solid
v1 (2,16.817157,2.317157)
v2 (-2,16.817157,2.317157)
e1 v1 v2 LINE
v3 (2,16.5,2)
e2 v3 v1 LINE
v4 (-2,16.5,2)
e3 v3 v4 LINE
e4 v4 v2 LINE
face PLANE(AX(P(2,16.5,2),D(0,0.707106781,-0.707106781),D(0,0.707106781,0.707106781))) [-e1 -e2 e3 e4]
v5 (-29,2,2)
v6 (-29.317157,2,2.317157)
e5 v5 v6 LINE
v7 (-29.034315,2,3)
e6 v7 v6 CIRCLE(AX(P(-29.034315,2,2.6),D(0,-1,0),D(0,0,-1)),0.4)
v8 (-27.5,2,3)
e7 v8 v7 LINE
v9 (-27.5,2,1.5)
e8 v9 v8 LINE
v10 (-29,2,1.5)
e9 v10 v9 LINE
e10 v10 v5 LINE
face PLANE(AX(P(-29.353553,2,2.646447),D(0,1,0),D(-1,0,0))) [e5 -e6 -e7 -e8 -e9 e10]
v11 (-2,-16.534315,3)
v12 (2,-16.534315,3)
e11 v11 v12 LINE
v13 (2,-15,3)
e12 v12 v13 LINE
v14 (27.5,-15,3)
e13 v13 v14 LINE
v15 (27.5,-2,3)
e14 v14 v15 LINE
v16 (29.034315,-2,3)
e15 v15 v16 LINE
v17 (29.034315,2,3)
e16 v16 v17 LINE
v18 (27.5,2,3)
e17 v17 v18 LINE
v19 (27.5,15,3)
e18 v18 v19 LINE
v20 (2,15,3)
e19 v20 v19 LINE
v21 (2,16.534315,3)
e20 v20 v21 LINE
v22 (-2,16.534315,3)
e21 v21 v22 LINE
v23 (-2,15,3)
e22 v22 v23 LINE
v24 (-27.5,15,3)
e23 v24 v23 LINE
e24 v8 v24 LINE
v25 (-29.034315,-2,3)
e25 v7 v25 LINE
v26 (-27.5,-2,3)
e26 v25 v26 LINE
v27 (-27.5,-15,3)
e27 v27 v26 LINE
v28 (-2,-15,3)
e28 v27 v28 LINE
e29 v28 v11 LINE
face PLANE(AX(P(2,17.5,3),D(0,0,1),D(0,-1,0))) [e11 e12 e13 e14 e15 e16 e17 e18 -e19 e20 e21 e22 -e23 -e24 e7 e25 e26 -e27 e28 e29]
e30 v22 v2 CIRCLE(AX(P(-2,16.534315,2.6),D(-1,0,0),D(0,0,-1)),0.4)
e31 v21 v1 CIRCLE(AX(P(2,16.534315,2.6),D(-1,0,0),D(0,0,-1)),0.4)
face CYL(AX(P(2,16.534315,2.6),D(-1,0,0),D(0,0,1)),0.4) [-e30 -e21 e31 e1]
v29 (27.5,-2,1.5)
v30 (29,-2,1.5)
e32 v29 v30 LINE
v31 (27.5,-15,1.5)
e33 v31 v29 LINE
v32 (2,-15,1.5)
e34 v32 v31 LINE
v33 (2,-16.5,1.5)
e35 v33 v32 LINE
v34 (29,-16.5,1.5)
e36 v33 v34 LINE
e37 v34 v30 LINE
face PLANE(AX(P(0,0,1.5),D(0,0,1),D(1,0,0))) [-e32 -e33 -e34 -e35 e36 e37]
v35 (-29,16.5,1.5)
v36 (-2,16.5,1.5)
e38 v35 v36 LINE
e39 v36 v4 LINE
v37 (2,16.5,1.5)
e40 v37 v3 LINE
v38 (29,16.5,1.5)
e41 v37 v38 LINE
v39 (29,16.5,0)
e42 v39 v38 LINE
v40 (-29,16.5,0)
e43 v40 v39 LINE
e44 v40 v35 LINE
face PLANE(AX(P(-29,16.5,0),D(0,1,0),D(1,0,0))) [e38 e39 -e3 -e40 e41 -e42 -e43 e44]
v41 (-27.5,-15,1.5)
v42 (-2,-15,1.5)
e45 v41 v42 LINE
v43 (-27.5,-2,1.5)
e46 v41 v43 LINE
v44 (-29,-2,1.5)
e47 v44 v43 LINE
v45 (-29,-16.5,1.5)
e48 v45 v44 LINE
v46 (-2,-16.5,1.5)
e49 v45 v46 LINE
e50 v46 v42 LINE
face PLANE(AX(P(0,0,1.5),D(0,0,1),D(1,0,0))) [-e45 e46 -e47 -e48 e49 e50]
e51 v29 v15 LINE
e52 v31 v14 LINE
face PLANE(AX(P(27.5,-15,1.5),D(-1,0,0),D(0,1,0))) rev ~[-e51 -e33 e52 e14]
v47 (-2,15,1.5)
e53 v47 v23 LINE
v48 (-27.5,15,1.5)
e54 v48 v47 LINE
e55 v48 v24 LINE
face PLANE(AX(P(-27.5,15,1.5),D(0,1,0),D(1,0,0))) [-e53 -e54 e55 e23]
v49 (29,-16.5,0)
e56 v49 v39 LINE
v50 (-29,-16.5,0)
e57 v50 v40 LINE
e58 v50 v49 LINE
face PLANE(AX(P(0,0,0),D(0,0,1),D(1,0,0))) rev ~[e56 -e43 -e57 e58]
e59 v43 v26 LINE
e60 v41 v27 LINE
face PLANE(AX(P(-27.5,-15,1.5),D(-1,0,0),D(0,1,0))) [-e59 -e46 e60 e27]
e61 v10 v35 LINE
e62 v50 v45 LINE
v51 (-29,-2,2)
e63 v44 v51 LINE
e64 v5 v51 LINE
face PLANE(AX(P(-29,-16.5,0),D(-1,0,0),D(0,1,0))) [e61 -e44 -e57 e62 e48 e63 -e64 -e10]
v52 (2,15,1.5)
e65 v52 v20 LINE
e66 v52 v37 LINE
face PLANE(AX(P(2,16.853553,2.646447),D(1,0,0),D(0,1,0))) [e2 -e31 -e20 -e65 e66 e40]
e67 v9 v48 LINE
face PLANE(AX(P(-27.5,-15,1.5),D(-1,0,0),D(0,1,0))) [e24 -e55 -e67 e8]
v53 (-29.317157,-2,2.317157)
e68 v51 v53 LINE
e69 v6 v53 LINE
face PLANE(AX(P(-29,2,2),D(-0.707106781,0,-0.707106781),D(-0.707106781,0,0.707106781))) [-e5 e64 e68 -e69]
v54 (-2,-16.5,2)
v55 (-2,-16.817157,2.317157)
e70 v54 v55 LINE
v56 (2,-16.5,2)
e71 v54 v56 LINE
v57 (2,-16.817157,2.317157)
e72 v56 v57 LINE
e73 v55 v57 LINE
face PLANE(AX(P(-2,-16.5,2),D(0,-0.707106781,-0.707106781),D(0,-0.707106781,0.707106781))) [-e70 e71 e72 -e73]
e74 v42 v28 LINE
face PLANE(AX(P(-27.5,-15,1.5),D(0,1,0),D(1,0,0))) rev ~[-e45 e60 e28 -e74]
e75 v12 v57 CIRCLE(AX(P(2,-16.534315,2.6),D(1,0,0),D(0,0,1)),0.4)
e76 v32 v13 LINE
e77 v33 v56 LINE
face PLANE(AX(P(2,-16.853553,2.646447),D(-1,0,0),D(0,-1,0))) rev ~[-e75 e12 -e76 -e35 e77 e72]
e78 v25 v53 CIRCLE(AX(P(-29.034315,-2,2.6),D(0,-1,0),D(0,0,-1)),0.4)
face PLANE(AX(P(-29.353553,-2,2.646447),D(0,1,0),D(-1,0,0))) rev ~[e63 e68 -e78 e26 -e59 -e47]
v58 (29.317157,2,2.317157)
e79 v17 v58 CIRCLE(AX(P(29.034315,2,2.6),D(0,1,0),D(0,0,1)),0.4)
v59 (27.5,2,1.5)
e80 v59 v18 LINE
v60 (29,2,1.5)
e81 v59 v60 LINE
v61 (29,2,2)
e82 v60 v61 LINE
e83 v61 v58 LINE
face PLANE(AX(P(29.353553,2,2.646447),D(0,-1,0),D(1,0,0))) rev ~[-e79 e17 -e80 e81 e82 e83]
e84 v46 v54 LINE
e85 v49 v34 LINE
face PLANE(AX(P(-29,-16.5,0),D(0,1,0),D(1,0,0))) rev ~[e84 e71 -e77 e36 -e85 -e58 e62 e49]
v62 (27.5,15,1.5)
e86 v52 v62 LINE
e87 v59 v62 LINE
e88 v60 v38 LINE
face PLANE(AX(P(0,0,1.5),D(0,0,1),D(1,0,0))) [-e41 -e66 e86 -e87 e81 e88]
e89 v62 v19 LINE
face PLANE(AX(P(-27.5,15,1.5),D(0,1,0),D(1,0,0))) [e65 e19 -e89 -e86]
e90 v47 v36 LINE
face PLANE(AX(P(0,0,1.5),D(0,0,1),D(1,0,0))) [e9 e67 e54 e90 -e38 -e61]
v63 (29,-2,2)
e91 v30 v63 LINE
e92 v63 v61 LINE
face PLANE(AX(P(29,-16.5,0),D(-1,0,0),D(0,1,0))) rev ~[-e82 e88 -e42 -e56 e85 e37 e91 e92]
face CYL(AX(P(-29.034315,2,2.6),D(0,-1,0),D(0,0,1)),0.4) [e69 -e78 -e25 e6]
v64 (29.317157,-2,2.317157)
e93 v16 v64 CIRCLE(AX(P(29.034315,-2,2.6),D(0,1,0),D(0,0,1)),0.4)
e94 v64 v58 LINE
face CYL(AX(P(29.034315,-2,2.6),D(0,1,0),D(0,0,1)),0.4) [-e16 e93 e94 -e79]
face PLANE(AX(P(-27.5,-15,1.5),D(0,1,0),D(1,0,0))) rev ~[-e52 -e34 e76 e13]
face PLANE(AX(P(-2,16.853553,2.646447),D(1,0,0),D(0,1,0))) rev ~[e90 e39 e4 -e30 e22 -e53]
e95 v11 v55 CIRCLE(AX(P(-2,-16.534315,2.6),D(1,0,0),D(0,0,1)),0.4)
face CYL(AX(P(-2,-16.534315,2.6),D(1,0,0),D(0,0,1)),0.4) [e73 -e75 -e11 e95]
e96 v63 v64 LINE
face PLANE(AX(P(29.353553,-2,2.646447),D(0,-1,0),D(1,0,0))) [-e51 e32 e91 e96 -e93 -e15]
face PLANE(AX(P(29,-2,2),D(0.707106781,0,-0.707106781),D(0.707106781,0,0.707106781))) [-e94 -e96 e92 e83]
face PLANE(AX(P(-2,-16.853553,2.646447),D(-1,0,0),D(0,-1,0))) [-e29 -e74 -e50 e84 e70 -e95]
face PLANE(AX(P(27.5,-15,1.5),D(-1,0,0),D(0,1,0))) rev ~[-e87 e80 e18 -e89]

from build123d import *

# Parameters (mm, degrees)
F0_W      = 58
F0_H      = 33
F1_DEPTH  = 1.5
F2_W      = 55
F2_H      = 30
F3_DEPTH  = 1.5
F4_W      = 1.5
F4_H      = 4
F4_W_2    = 4
F4_H_2    = 1.5
F5_DEPTH  = 1.5
F7_DEPTH  = 4
F9_DEPTH  = 4
F11_DEPTH = 4
F13_DEPTH = 4
F14_R     = 0.4


with BuildPart() as f1:
    # F0 (on Top) → F1 (new body)
    with BuildSketch(Plane.XY):
        Rectangle(F0_W, F0_H)
    extrude(amount=F1_DEPTH)

    # F2 (on face) → F3 (join)
    with BuildSketch(Plane.XY.offset(1.5)):
        Rectangle(F2_W, F2_H)
    extrude(amount=F3_DEPTH)

    # F4 (on face) → F5 (join)
    with BuildSketch(Plane.XY.offset(1.5)):
        with Locations((-28.25, 0)):
            Rectangle(F4_W, F4_H)
        with Locations((0, 15.75)):
            Rectangle(F4_W_2, F4_H_2)
        with Locations((28.25, 0)):
            Rectangle(F4_W, F4_H)
        with Locations((0, -15.75)):
            Rectangle(F4_W_2, F4_H_2)
    extrude(amount=F5_DEPTH)

    # F6 (on face) → F7 (join)
    with BuildSketch(Plane(origin=(-2, 0, 0), x_dir=(0, -1, 0), z_dir=(-1, 0, 0))):
        Polygon((17.5, 3), (16.5, 3), (16.5, 2), align=None)
    extrude(amount=-F7_DEPTH)

    # F8 (on face) → F9 (join)
    with BuildSketch(Plane(origin=(0, 2, 0), x_dir=(-1, 0, 0), z_dir=(0, 1, 0))):
        Polygon((30, 3), (29, 3), (29, 2), align=None)
    extrude(amount=-F9_DEPTH)

    # F10 (on face) → F11 (join)
    with BuildSketch(Plane.XZ.offset(2)):
        Polygon((30, 3), (29, 3), (29, 2), align=None)
    extrude(amount=-F11_DEPTH)

    # F12 (on face) → F13 (join)
    with BuildSketch(Plane.YZ.offset(2)):
        Polygon((17.5, 3), (16.5, 3), (16.5, 2), align=None)
    extrude(amount=-F13_DEPTH)

    # F14
    f14_edges = [f1.edges().sort_by_distance(p)[0] for p in [
        (-30, 0, 3),
        (0, 17.5, 3),
        (30, 0, 3),
        (0, -17.5, 3),
    ]]
    fillet(f14_edges, radius=F14_R)


solid = f1.part
